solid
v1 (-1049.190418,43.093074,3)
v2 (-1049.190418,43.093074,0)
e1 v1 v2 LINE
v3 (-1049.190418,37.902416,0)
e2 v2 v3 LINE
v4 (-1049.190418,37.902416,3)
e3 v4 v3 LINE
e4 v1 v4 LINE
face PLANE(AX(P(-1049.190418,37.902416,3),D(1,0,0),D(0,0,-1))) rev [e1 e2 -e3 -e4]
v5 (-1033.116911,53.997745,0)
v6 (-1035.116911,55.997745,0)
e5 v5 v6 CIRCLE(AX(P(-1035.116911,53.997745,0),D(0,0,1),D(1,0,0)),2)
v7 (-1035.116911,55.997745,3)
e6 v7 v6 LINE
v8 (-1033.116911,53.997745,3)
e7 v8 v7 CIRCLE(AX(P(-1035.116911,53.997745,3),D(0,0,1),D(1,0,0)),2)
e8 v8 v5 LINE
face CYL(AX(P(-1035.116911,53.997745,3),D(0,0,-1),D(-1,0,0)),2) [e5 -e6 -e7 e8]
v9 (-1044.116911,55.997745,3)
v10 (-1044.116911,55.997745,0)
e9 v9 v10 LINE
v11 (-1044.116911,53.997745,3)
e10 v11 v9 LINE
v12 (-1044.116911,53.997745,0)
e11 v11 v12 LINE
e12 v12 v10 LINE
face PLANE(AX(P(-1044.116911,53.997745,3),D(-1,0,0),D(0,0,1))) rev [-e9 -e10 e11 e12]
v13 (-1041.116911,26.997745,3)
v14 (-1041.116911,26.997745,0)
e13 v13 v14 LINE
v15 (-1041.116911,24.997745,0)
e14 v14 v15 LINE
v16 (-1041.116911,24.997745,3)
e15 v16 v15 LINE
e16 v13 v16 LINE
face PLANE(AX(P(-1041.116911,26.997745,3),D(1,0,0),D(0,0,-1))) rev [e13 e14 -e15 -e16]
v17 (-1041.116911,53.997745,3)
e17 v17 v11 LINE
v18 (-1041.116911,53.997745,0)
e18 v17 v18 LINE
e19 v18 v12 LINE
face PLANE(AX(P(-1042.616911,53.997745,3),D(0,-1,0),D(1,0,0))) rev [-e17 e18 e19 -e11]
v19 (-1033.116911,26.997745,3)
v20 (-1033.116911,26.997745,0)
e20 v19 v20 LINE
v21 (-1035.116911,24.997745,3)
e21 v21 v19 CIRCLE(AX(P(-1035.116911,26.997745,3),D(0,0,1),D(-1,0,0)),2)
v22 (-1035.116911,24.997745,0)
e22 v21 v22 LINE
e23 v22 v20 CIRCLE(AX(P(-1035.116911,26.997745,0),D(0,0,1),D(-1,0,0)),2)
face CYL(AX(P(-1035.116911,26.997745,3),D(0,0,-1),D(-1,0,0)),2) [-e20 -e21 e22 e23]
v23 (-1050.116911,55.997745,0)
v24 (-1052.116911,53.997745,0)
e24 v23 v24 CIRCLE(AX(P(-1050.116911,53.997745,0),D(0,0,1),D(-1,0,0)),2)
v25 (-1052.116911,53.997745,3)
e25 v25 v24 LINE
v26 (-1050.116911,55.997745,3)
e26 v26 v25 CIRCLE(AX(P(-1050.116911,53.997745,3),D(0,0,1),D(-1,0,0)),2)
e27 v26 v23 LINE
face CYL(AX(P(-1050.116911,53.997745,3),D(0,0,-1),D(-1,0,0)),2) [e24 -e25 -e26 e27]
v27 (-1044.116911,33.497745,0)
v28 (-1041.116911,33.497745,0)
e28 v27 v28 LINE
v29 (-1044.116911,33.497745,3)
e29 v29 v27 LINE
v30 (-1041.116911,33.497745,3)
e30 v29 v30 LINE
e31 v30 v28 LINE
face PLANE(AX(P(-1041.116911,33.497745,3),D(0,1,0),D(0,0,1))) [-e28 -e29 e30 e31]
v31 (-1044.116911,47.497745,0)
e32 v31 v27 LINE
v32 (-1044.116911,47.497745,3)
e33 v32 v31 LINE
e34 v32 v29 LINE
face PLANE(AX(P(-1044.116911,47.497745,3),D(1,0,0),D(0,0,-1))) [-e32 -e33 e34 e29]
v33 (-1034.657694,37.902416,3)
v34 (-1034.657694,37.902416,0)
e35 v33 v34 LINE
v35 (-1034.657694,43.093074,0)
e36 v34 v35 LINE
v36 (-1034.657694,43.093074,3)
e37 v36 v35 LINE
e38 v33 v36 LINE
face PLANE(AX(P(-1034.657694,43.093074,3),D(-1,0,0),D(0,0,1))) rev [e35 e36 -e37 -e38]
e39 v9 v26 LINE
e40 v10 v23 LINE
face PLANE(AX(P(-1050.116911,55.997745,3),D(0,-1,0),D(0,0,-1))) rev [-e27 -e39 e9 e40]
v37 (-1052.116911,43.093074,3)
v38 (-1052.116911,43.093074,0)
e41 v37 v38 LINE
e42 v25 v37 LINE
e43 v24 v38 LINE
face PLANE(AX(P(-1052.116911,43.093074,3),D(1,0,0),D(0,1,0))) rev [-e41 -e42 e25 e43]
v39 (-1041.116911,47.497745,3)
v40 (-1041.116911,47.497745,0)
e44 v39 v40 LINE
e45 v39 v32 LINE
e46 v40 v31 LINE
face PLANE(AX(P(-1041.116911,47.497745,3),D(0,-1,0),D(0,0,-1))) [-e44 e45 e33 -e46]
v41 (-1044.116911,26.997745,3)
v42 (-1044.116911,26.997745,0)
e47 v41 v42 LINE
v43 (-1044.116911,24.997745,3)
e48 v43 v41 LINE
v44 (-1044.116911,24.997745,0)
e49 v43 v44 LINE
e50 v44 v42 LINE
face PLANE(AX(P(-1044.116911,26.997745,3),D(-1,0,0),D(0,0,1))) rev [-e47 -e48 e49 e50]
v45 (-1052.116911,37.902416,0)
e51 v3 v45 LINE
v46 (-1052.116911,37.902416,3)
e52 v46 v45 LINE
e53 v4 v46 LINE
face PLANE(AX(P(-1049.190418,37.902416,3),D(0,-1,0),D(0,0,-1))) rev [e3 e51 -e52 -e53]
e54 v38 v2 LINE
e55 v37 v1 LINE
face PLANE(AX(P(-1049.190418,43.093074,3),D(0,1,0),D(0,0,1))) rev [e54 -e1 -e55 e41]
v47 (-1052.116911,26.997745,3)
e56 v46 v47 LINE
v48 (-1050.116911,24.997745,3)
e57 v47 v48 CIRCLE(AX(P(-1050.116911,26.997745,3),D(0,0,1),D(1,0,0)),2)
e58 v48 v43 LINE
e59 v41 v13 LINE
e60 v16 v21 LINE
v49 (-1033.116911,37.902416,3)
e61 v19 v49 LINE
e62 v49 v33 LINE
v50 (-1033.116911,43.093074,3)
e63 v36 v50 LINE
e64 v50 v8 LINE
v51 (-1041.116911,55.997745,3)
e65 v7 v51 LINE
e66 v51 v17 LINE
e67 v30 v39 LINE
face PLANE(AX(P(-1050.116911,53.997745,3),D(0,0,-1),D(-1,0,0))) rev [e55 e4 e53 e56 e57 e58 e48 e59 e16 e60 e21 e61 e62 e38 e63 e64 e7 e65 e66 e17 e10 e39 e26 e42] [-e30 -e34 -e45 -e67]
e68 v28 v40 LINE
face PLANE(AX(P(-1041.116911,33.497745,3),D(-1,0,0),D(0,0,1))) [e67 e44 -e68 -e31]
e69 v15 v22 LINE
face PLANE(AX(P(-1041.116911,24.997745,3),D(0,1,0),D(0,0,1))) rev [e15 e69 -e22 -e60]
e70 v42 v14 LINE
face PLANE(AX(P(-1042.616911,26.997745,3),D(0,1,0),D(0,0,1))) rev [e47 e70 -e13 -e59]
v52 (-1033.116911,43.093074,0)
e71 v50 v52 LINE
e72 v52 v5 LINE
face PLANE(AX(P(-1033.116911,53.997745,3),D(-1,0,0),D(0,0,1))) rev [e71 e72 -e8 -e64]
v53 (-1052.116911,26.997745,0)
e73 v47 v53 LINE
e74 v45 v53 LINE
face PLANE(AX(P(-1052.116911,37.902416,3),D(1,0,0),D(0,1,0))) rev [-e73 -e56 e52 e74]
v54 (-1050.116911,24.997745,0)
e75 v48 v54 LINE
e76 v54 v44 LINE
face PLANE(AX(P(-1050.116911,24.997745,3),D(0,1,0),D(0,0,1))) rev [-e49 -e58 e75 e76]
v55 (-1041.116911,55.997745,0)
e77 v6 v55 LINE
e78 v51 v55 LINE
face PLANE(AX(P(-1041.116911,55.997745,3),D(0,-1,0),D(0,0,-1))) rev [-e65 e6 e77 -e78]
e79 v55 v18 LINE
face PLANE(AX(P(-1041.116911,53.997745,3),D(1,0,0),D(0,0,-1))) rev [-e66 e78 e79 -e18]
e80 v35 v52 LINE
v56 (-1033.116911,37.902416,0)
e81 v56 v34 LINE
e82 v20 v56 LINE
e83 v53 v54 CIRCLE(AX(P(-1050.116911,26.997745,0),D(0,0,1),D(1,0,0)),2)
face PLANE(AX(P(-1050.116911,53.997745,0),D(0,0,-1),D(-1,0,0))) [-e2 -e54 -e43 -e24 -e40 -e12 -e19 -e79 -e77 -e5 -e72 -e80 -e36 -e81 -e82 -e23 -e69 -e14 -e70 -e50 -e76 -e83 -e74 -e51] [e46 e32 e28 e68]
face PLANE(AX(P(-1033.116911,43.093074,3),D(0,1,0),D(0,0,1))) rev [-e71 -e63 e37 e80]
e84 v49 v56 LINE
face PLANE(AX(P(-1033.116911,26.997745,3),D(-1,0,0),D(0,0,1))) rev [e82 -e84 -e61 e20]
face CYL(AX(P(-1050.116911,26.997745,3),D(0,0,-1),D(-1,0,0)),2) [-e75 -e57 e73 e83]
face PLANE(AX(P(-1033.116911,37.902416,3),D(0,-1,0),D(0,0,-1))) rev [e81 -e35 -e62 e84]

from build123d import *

# Parameters (mm, degrees)
SKETCH1_W          = 3
SKETCH1_H          = 14
BASE_EXTRUDE_DEPTH = 3


with BuildPart() as part:
    # Sketch1 → Base-Extrude (new body)
    with BuildSketch(Plane.XY):
        with BuildLine():
            Line((-1033.116910611, 53.997744838), (-1033.116910611, 43.093073912))
            Line((-1033.116910611, 43.093073912), (-1034.65769353, 43.093073912))
            Line((-1034.65769353, 43.093073912), (-1034.65769353, 37.902415763))
            Line((-1034.65769353, 37.902415763), (-1033.116910611, 37.902415763))
            Line((-1033.116910611, 37.902415763), (-1033.116910611, 26.997744838))
            ThreePointArc((-1033.116910611, 26.997744838), (-1033.702697049, 25.583531275), (-1035.116910611, 24.997744838))
            Line((-1035.116910611, 24.997744838), (-1041.116910611, 24.997744838))
            Line((-1041.116910611, 24.997744838), (-1041.116910611, 26.997744838))
            Line((-1041.116910611, 26.997744838), (-1042.616910611, 26.997744838))
            Line((-1042.616910611, 26.997744838), (-1044.116910611, 26.997744838))
            Line((-1044.116910611, 26.997744838), (-1044.116910611, 24.997744838))
            Line((-1044.116910611, 24.997744838), (-1050.116910611, 24.997744838))
            ThreePointArc((-1050.116910611, 24.997744838), (-1051.531124173, 25.583531275), (-1052.116910611, 26.997744838))
            Line((-1052.116910611, 26.997744838), (-1052.116910611, 37.902415763))
            Line((-1052.116910611, 37.902415763), (-1049.190418334, 37.902415763))
            Line((-1049.190418334, 37.902415763), (-1049.190418334, 43.093073912))
            Line((-1049.190418334, 43.093073912), (-1052.116910611, 43.093073912))
            Line((-1052.116910611, 43.093073912), (-1052.116910611, 53.997744838))
            ThreePointArc((-1052.116910611, 53.997744838), (-1051.531124173, 55.4119584), (-1050.116910611, 55.997744838))
            Line((-1050.116910611, 55.997744838), (-1044.116910611, 55.997744838))
            Line((-1044.116910611, 55.997744838), (-1044.116910611, 53.997744838))
            Line((-1044.116910611, 53.997744838), (-1042.616910611, 53.997744838))
            Line((-1042.616910611, 53.997744838), (-1041.116910611, 53.997744838))
            Line((-1041.116910611, 53.997744838), (-1041.116910611, 55.997744838))
            Line((-1041.116910611, 55.997744838), (-1035.116910611, 55.997744838))
            ThreePointArc((-1035.116910611, 55.997744838), (-1033.702697049, 55.4119584), (-1033.116910611, 53.997744838))
        make_face()
        with Locations((-1042.616910611, 40.497744838)):
            Rectangle(SKETCH1_W, SKETCH1_H, mode=Mode.SUBTRACT)
    extrude(amount=BASE_EXTRUDE_DEPTH)


solid = part.part
